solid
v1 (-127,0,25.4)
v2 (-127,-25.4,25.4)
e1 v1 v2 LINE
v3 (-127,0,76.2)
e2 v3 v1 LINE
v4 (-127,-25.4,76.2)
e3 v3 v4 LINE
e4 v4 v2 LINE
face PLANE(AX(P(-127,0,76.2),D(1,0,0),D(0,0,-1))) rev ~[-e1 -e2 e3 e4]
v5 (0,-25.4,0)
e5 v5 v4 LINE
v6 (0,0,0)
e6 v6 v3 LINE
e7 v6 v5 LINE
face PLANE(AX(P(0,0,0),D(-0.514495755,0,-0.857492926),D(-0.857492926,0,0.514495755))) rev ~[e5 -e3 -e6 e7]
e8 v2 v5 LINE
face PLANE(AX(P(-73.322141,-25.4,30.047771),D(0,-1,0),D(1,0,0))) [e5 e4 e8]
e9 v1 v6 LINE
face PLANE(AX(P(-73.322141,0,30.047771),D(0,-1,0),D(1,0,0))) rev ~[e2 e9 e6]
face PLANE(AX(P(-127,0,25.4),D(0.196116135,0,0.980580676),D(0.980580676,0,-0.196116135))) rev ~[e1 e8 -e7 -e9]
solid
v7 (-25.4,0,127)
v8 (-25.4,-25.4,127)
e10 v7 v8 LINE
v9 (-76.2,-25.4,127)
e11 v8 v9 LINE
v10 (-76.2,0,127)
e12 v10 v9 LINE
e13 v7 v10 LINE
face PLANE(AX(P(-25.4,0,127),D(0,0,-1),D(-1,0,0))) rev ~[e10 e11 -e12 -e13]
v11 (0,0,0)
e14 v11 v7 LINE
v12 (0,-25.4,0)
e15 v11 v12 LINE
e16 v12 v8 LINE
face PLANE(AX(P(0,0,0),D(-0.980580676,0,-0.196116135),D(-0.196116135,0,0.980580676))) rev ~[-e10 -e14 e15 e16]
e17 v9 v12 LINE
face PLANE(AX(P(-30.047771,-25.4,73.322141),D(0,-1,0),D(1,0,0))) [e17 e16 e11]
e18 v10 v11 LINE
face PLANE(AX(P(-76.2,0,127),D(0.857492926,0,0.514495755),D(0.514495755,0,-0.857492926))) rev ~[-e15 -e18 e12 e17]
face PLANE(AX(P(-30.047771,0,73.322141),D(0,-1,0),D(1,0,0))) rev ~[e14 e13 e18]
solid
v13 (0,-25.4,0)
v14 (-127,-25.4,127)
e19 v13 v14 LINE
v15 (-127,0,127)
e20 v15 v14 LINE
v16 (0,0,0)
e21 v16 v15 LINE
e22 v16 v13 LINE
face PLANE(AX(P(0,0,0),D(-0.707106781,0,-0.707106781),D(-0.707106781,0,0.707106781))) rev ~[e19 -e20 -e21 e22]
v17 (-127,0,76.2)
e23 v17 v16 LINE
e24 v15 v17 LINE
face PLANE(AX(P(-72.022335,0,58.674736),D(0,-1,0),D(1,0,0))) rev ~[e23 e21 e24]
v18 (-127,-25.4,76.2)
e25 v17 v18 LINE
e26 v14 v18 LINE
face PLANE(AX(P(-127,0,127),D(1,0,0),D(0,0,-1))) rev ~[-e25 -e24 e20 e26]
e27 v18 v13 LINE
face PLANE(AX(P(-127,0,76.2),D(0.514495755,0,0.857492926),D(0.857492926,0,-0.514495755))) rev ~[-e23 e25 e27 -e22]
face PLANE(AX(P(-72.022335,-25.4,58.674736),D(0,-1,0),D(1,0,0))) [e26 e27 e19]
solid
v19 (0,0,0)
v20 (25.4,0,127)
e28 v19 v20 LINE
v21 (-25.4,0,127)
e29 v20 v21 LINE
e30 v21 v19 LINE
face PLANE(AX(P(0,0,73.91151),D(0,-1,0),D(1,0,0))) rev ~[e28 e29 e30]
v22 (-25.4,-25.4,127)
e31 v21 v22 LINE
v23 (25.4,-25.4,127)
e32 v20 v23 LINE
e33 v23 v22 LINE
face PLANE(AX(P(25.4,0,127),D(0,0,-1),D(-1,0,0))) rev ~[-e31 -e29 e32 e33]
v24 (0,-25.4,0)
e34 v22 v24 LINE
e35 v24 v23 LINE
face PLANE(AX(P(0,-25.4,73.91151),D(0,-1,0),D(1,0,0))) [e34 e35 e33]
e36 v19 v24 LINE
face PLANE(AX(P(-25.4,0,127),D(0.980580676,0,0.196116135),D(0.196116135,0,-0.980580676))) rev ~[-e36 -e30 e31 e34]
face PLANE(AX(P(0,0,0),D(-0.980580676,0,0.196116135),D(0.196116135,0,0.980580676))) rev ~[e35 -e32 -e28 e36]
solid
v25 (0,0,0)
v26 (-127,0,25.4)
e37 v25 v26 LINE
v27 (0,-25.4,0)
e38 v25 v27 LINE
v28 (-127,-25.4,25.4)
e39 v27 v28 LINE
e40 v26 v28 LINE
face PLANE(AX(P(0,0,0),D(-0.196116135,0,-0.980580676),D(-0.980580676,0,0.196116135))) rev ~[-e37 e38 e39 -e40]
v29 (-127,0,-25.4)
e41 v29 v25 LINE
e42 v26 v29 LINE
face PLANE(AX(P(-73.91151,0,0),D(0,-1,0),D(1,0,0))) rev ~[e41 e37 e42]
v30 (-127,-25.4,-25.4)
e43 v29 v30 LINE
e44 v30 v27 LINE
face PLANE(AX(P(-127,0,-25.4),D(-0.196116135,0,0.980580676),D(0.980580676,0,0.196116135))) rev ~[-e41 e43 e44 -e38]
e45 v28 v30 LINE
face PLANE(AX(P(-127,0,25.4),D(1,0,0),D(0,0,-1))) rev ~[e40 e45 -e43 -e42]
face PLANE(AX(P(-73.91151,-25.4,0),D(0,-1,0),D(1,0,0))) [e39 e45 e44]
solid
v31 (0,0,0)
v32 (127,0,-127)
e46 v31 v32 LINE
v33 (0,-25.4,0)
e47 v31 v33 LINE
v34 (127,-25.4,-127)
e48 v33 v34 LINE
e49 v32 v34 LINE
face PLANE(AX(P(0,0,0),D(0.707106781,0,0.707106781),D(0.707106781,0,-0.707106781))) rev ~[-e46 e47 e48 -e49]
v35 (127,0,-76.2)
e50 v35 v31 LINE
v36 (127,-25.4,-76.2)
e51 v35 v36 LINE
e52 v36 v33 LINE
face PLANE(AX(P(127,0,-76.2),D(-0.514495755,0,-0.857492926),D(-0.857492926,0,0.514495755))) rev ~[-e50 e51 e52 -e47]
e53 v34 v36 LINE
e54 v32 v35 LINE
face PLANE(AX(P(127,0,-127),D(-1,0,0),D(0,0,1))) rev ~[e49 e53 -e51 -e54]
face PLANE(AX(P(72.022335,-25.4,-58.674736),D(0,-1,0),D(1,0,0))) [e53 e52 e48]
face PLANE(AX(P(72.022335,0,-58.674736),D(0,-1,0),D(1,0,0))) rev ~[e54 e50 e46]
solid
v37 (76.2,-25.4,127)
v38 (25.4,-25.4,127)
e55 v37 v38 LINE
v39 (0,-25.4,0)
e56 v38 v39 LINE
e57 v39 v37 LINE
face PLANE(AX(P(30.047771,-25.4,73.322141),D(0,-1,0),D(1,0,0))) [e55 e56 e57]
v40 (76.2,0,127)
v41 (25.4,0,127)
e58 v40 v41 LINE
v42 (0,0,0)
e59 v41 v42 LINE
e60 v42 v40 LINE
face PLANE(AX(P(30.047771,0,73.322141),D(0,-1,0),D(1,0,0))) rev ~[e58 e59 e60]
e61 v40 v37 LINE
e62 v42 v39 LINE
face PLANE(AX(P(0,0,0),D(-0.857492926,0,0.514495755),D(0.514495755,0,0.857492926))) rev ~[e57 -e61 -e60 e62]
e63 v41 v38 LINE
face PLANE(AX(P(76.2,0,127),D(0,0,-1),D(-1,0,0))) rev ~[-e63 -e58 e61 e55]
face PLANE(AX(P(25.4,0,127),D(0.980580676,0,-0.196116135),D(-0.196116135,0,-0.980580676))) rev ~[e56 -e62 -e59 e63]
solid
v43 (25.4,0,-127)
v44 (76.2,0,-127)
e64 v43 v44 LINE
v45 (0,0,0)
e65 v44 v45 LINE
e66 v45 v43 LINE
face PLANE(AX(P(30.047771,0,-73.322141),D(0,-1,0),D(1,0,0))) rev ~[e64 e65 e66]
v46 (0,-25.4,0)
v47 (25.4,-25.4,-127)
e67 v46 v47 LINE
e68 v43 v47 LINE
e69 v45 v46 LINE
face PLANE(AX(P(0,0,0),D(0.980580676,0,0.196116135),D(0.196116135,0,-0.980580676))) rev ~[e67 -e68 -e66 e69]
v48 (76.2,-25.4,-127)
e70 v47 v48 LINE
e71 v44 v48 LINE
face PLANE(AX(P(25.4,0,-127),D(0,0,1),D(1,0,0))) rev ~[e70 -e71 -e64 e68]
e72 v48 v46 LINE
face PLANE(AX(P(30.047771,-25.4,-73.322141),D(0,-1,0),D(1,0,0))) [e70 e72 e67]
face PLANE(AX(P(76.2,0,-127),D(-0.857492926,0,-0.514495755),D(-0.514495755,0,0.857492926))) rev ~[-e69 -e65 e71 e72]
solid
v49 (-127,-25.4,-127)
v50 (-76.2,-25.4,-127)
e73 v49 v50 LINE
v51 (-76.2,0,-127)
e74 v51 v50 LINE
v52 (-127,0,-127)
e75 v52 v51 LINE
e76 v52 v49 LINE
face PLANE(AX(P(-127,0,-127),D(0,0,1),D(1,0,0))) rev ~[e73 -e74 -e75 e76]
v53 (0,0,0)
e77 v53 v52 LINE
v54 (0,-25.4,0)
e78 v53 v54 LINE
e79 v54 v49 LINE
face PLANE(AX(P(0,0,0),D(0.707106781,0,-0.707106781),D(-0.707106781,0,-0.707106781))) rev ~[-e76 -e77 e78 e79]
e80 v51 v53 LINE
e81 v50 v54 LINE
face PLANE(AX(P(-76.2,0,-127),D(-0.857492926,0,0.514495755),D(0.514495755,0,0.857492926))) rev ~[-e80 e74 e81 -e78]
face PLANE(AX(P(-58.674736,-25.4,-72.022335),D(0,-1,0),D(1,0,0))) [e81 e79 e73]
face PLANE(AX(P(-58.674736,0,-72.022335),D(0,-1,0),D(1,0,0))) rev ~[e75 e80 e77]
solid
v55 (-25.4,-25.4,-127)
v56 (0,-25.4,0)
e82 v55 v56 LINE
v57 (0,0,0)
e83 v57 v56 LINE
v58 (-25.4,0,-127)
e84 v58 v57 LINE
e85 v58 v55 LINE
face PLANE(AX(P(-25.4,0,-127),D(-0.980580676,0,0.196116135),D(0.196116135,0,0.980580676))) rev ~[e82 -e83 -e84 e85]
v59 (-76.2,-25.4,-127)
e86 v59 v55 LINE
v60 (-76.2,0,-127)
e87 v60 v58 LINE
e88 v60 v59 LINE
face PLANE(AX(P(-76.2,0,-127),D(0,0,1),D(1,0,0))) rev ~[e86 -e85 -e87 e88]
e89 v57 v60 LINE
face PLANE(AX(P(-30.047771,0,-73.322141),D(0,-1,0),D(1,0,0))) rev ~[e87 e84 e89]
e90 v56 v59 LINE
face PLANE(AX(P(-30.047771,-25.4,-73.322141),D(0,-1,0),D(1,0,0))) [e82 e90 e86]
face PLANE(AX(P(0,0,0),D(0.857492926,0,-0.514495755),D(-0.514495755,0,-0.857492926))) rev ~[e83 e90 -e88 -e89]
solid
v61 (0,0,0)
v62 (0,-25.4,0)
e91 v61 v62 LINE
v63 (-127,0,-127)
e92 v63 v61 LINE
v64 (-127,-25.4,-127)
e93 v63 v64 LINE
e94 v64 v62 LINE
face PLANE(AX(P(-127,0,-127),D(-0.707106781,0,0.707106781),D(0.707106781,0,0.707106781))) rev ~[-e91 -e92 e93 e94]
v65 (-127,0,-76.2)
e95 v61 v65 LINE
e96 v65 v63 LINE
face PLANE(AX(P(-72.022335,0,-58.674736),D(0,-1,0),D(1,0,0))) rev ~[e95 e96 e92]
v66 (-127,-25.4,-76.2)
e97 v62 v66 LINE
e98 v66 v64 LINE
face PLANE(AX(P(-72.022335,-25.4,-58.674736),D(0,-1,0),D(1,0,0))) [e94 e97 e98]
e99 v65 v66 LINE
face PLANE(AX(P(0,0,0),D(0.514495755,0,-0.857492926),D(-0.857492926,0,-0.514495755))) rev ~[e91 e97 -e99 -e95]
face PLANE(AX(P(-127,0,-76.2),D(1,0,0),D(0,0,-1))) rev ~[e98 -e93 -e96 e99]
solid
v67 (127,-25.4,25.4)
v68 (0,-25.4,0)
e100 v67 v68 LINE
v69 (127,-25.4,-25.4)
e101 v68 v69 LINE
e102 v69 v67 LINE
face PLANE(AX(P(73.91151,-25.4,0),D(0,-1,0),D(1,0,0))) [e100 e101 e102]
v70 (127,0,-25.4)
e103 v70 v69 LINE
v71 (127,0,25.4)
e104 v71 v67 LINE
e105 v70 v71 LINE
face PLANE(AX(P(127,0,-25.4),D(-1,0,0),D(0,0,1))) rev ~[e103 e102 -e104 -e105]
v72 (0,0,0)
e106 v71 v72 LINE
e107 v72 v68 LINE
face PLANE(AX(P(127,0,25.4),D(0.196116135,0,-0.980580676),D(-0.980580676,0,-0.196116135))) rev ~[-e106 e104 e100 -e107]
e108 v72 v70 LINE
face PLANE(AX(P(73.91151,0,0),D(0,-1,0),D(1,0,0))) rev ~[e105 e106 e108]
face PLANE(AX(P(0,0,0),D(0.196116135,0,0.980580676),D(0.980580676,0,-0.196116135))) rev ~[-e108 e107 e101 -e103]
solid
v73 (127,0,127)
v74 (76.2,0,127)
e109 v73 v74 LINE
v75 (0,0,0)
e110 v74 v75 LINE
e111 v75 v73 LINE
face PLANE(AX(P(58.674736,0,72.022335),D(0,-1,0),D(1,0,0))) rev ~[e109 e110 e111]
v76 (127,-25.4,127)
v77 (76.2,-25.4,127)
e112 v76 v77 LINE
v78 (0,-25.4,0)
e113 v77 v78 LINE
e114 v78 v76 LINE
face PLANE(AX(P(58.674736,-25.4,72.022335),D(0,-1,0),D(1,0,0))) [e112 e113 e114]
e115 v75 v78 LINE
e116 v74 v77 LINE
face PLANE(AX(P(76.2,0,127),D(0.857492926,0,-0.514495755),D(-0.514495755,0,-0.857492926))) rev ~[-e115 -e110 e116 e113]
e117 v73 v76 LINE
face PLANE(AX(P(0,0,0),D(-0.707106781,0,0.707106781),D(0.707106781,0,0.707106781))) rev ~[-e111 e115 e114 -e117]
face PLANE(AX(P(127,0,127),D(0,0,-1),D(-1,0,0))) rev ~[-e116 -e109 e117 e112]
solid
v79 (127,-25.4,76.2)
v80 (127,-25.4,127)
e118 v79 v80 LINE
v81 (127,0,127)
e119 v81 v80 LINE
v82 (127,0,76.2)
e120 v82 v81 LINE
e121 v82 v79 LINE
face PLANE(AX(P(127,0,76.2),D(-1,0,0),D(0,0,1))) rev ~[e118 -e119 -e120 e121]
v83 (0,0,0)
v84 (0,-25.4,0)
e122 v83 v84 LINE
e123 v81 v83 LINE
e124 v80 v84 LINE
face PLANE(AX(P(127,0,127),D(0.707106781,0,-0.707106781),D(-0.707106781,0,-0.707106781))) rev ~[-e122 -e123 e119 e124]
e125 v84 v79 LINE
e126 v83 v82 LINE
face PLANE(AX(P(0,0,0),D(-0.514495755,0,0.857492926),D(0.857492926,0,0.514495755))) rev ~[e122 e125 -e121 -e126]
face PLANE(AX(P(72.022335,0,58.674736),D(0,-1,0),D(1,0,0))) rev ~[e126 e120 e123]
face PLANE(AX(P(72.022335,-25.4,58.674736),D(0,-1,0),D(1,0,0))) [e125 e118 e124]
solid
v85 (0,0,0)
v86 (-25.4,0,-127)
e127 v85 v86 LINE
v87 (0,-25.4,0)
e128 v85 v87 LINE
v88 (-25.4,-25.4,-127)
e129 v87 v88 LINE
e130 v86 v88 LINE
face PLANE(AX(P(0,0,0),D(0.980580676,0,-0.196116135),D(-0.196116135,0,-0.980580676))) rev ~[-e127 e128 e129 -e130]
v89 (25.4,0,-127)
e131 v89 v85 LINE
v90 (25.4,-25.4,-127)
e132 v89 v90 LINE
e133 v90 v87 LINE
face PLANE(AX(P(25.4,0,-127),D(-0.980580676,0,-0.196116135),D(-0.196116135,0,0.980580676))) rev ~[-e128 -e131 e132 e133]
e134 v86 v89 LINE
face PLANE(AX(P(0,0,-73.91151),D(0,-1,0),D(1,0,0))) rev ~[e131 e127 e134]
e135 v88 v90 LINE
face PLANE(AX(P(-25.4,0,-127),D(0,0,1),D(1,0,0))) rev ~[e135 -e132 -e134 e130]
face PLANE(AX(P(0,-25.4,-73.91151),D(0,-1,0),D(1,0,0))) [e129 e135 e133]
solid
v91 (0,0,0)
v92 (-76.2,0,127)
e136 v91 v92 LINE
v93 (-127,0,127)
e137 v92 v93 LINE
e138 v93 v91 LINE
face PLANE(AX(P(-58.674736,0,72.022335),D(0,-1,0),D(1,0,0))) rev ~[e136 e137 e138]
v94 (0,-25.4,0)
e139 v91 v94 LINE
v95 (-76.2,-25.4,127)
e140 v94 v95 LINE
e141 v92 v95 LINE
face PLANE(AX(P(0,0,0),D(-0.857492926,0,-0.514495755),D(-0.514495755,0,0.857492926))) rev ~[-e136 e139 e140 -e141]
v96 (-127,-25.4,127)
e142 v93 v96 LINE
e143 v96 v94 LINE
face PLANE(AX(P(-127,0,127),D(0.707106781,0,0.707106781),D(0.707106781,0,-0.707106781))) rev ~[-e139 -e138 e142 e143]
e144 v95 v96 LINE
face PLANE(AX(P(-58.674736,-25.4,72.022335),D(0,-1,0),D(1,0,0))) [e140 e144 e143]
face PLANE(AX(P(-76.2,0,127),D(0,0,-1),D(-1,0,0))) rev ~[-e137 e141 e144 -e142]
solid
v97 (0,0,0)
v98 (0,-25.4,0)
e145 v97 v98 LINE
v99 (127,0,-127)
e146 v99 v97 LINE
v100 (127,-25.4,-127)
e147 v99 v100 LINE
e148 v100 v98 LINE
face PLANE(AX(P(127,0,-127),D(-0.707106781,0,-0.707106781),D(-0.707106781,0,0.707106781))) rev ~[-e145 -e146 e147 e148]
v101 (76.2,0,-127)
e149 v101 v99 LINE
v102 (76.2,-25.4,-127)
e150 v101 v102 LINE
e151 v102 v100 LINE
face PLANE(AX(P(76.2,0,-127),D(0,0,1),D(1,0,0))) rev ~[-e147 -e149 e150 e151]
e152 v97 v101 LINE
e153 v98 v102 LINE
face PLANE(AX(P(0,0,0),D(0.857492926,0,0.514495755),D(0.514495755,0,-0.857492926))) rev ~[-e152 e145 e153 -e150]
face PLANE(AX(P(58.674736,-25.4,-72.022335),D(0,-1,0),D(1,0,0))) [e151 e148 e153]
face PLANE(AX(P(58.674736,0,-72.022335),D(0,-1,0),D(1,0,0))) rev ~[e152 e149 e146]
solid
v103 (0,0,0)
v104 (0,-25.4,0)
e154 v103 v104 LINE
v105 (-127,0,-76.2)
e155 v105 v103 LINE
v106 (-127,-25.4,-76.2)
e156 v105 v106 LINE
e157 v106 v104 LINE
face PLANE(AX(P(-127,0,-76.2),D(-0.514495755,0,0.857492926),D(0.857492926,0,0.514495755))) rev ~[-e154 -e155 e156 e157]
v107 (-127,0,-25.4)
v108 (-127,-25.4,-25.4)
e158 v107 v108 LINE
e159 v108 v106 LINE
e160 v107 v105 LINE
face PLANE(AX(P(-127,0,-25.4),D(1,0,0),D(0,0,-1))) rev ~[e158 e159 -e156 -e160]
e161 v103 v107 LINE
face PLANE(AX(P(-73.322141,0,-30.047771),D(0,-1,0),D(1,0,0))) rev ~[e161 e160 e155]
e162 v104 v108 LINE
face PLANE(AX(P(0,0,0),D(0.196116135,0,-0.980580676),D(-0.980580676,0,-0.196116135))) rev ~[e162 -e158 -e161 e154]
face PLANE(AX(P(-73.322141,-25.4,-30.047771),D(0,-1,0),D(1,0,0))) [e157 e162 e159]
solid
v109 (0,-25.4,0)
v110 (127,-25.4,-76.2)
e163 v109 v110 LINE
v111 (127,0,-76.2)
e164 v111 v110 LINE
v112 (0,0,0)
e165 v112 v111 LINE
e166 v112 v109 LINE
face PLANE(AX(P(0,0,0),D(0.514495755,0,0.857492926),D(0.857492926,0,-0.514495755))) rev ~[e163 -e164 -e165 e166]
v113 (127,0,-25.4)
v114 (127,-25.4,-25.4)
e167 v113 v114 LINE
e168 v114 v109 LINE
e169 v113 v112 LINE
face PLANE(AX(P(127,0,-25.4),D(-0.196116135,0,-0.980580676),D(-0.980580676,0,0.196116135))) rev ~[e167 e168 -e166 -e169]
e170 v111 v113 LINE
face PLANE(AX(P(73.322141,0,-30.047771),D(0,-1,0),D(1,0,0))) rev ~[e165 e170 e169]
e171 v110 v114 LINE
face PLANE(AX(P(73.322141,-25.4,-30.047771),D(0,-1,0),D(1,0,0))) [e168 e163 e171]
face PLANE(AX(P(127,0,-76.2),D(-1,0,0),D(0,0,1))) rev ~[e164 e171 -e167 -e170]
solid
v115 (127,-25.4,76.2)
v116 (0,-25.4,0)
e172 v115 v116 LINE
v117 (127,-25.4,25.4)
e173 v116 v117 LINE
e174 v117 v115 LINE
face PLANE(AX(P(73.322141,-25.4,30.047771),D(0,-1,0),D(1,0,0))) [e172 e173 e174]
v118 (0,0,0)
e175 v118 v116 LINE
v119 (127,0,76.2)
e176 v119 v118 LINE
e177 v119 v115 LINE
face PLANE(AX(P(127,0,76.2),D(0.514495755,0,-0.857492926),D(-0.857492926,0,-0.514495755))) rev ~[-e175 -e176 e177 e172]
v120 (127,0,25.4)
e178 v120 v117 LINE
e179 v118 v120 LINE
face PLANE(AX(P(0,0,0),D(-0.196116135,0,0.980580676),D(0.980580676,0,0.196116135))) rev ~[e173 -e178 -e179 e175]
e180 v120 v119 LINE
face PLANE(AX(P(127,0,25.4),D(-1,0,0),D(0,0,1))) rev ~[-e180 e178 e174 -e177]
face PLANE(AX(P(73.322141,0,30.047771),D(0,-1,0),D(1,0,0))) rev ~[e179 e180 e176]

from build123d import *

# Parameters (mm, degrees)
F1_DEPTH  = 25.4
F2_DEPTH  = 25.4
F3_DEPTH  = 25.4
F4_DEPTH  = 25.4
F5_DEPTH  = 25.4
F6_DEPTH  = 25.4
F7_DEPTH  = 25.4
F8_DEPTH  = 25.4
F9_DEPTH  = 25.4
F10_DEPTH = 25.4
F11_DEPTH = 25.4
F12_DEPTH = 25.4


with BuildPart() as f1:
    # F0 (on Front) → F1 (new body)
    with BuildSketch(Plane.XZ):
        Polygon((-127, 76.2), (0, 0), (-127, 127), align=None)
    extrude(amount=F1_DEPTH)


with BuildPart() as f2:
    # F0 (on Front) → F2 (new body)
    with BuildSketch(Plane.XZ):
        Polygon((0, 0), (-76.2, 127), (-127, 127), align=None)
    extrude(amount=F2_DEPTH)


with BuildPart() as f3:
    # F0 (on Front) → F3 (new body)
    with BuildSketch(Plane.XZ):
        Polygon((0, 0), (-25.4, 127), (-76.2, 127), align=None)
        Polygon((25.4, -127), (0, 0), (-25.4, -127), (0, -127), align=None)
    extrude(amount=F3_DEPTH)


with BuildPart() as f4:
    # F0 (on Front) → F4 (new body)
    with BuildSketch(Plane.XZ):
        Polygon((25.4, 127), (0, 127), (-25.4, 127), (0, 0), align=None)
        Polygon((-25.4, -127), (0, 0), (-76.2, -127), align=None)
    extrude(amount=F4_DEPTH)


with BuildPart() as f5:
    # F0 (on Front) → F5 (new body)
    with BuildSketch(Plane.XZ):
        Polygon((76.2, 127), (25.4, 127), (0, 0), align=None)
        Polygon((-76.2, -127), (0, 0), (-127, -127), align=None)
    extrude(amount=F5_DEPTH)


with BuildPart() as f6:
    # F0 (on Front) → F6 (new body)
    with BuildSketch(Plane.XZ):
        Polygon((-127, -127), (0, 0), (-127, -76.2), align=None)
    extrude(amount=F6_DEPTH)


with BuildPart() as f7:
    # F0 (on Front) → F7 (new body)
    with BuildSketch(Plane.XZ):
        Polygon((76.2, 127), (0, 0), (127, 127), align=None)
        Polygon((-127, -76.2), (0, 0), (-127, -25.4), align=None)
    extrude(amount=F7_DEPTH)


with BuildPart() as f8:
    # F0 (on Front) → F8 (new body)
    with BuildSketch(Plane.XZ):
        Polygon((127, 127), (0, 0), (127, 76.2), align=None)
        Polygon((76.2, -127), (0, 0), (25.4, -127), align=None)
    extrude(amount=F8_DEPTH)


with BuildPart() as f9:
    # F0 (on Front) → F9 (new body)
    with BuildSketch(Plane.XZ):
        Polygon((127, 76.2), (0, 0), (127, 25.4), align=None)
        Polygon((127, -127), (0, 0), (76.2, -127), align=None)
    extrude(amount=F9_DEPTH)


with BuildPart() as f10:
    # F0 (on Front) → F10 (new body)
    with BuildSketch(Plane.XZ):
        Polygon((127, 25.4), (0, 0), (127, -25.4), (127, 0), align=None)
        Polygon((-127, -25.4), (0, 0), (-127, 25.4), (-127, 0), align=None)
    extrude(amount=F10_DEPTH)


with BuildPart() as f11:
    # F0 (on Front) → F11 (new body)
    with BuildSketch(Plane.XZ):
        Polygon((127, -76.2), (0, 0), (127, -127), align=None)
        Polygon((-127, 25.4), (0, 0), (-127, 76.2), align=None)
    extrude(amount=F11_DEPTH)


with BuildPart() as f12:
    # F0 (on Front) → F12 (new body)
    with BuildSketch(Plane.XZ):
        Polygon((127, -25.4), (0, 0), (127, -76.2), align=None)
    extrude(amount=F12_DEPTH)


solid = Compound([f1.part, f2.part, f3.part, f4.part, f5.part, f6.part, f7.part, f8.part, f9.part, f10.part, f11.part, f12.part])
